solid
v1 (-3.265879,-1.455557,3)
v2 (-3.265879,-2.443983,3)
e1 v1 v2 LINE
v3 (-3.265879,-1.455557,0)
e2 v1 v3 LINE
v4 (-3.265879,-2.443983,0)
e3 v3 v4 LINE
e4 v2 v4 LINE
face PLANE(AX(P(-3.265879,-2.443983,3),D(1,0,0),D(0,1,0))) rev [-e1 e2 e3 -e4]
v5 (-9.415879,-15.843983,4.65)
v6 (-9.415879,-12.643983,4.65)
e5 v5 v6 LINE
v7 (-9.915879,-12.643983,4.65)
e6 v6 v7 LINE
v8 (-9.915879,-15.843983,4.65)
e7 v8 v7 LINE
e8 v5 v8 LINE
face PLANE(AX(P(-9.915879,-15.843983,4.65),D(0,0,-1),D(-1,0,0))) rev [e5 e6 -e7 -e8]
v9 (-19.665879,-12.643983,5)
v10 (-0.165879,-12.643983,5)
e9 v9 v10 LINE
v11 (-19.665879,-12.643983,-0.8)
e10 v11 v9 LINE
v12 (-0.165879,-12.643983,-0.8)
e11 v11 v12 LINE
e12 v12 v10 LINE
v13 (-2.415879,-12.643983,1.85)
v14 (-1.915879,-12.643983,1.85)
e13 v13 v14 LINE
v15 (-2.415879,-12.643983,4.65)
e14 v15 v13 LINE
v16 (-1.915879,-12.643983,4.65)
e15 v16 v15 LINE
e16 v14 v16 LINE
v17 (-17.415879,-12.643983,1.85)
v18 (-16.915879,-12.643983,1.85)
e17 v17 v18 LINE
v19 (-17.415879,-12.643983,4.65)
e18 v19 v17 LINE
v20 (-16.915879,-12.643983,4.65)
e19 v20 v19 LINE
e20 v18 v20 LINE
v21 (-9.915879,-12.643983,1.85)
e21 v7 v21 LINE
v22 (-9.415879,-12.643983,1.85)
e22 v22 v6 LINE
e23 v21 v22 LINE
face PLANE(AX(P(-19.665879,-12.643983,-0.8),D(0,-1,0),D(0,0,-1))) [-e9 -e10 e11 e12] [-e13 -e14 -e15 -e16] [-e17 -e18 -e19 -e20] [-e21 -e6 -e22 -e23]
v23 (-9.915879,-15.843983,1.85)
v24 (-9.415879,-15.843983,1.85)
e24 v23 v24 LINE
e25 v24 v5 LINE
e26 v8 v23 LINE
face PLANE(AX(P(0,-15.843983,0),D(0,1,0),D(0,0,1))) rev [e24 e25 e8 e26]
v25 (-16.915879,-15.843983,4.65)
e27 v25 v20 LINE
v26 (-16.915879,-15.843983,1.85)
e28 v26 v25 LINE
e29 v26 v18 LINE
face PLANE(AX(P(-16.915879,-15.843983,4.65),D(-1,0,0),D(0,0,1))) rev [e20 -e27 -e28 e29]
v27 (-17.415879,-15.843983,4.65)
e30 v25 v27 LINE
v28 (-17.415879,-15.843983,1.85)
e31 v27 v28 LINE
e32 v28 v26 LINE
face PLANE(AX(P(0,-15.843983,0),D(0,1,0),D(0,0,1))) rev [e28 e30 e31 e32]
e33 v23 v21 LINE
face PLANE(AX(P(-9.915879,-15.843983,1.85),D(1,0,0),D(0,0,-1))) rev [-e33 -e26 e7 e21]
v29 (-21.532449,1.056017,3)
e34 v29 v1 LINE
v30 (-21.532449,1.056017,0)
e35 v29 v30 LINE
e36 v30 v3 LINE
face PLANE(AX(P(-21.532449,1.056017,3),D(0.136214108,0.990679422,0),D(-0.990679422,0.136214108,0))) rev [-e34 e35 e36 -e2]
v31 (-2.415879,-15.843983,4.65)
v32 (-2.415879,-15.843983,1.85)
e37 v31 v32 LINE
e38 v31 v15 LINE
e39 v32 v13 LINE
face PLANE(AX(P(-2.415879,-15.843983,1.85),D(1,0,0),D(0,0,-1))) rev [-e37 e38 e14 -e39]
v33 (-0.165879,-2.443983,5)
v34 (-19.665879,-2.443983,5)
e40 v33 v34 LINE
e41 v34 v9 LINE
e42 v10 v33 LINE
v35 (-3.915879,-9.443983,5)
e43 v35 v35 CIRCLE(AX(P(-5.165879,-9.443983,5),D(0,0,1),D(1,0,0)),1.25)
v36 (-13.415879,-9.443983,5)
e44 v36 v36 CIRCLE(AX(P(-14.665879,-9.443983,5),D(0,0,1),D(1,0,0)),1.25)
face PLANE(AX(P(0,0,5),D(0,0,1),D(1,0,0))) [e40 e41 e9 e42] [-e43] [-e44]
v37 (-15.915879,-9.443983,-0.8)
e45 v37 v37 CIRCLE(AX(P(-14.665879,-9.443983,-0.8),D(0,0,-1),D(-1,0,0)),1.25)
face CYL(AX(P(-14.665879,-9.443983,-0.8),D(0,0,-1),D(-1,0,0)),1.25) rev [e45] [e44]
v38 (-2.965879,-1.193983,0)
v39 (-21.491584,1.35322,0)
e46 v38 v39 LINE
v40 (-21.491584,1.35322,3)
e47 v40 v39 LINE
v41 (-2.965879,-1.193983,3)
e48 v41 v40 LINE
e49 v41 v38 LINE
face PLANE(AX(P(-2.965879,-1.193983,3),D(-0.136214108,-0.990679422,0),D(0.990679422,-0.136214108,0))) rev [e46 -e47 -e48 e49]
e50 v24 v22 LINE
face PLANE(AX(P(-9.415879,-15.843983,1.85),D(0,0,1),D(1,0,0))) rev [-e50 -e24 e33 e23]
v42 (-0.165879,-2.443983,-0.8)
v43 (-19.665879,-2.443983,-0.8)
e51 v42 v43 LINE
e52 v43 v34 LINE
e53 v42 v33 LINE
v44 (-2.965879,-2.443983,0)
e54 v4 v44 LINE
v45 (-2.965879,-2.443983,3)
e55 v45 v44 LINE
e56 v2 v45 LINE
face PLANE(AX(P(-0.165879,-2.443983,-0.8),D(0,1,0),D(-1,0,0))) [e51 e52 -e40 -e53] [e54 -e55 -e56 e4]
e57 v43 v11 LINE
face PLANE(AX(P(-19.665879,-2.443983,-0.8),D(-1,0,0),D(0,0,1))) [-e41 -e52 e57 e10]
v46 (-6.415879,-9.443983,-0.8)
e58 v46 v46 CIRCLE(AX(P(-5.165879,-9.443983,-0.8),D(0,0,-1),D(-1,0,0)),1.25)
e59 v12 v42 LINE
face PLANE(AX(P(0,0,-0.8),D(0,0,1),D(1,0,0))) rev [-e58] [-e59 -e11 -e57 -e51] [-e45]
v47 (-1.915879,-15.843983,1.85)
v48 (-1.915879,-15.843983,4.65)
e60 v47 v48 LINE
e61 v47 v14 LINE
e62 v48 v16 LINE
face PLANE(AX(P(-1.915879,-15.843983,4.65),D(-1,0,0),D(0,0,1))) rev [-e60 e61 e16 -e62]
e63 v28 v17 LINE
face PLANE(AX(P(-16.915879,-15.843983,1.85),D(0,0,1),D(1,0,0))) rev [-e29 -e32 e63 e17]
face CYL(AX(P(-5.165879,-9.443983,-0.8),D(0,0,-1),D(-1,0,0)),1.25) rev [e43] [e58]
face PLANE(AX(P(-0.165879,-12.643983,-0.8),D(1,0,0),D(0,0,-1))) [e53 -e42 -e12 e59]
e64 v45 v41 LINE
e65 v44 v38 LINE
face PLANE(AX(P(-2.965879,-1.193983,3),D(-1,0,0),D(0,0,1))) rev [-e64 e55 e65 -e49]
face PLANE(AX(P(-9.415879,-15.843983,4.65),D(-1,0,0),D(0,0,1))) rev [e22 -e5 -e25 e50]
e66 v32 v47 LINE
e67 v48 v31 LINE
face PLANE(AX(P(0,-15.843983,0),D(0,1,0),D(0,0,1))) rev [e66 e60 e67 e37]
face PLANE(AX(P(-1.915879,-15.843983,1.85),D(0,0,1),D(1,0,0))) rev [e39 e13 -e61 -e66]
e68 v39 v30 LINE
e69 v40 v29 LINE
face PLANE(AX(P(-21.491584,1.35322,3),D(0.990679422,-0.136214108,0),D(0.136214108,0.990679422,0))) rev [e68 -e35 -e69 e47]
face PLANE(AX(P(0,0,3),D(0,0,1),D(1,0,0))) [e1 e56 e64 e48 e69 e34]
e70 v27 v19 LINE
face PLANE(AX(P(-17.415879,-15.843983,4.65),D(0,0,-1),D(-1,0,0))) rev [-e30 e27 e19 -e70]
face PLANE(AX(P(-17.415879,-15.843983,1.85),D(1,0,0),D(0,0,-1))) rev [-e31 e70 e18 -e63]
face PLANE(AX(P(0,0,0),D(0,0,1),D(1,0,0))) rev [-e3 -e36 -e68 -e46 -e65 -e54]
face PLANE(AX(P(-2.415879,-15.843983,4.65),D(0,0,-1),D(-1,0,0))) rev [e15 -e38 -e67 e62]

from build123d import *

# Parameters (mm, degrees)
SKETCH1_W                      = 19.5
SKETCH1_H                      = 10.2
BOSS_EXTRUDE1_DEPTH            = 5.8
SKETCH4_W                      = 0.5
SKETCH4_H                      = 2.8
BOSS_EXTRUDE4_DEPTH            = 3.2
SKETCH5_W                      = 0.5
SKETCH5_H                      = 2.8
BOSS_EXTRUDE5_DEPTH            = 3.2
SKETCH6_W                      = 0.5
SKETCH6_H                      = 2.8
BOSS_EXTRUDE6_DEPTH            = 3.2
F_2_5_2_5_DIAMETER_HOLE1_D     = 2.5
F_2_5_2_5_DIAMETER_HOLE1_DEPTH = 10
F_2_5_2_5_DIAMETER_HOLE1_TIP   = 0.751075774
BOSS_EXTRUDE7_DEPTH            = 3


with BuildPart() as part:
    # Sketch1 → Boss-Extrude1 (new body)
    with BuildSketch(Plane.XY.offset(5)):
        with Locations((-9.915879305, -7.543983402)):
            Rectangle(SKETCH1_W, SKETCH1_H)
    extrude(amount=-BOSS_EXTRUDE1_DEPTH)

    # Sketch4 → Boss-Extrude4 (add)
    with BuildSketch(Plane.XZ.offset(12.643983402)):
        with Locations((-9.665879305, 3.25)):
            Rectangle(SKETCH4_W, SKETCH4_H)
    extrude(amount=BOSS_EXTRUDE4_DEPTH)

    # Sketch5 → Boss-Extrude5 (add)
    with BuildSketch(Plane.XZ.offset(12.643983402)):
        with Locations((-17.165879305, 3.25)):
            Rectangle(SKETCH5_W, SKETCH5_H)
    extrude(amount=BOSS_EXTRUDE5_DEPTH)

    # Sketch6 → Boss-Extrude6 (add)
    with BuildSketch(Plane.XZ.offset(12.643983402)):
        with Locations((-2.165879305, 3.25)):
            Rectangle(SKETCH6_W, SKETCH6_H)
    extrude(amount=BOSS_EXTRUDE6_DEPTH)

    # Ø2.5 (2.5) Diameter Hole1
    with Locations(Plane(origin=(0, 0, -0.8), x_dir=(-1, 0, 0), z_dir=(0, 0, -1))):
        with Locations((14.665879305, -9.443983402), (5.165879305, -9.443983402)):
            Hole(F_2_5_2_5_DIAMETER_HOLE1_D / 2, depth=F_2_5_2_5_DIAMETER_HOLE1_DEPTH)
            with Locations((0, 0, -(F_2_5_2_5_DIAMETER_HOLE1_DEPTH + F_2_5_2_5_DIAMETER_HOLE1_TIP / 2))):  # 118° drill point
                Cone(0, F_2_5_2_5_DIAMETER_HOLE1_D / 2, F_2_5_2_5_DIAMETER_HOLE1_TIP, mode=Mode.SUBTRACT)

    # Sketch9 → Boss-Extrude7 (add)
    with BuildSketch(Plane.XY):
        Polygon((-2.965879305, -1.193983402), (-2.965879305, -2.443983402), (-3.265879305, -2.443983402), (-3.265879305, -1.455557189), (-21.532448725, 1.056016598), (-21.491584492, 1.353220424), align=None)
    extrude(amount=BOSS_EXTRUDE7_DEPTH)


solid = part.part
